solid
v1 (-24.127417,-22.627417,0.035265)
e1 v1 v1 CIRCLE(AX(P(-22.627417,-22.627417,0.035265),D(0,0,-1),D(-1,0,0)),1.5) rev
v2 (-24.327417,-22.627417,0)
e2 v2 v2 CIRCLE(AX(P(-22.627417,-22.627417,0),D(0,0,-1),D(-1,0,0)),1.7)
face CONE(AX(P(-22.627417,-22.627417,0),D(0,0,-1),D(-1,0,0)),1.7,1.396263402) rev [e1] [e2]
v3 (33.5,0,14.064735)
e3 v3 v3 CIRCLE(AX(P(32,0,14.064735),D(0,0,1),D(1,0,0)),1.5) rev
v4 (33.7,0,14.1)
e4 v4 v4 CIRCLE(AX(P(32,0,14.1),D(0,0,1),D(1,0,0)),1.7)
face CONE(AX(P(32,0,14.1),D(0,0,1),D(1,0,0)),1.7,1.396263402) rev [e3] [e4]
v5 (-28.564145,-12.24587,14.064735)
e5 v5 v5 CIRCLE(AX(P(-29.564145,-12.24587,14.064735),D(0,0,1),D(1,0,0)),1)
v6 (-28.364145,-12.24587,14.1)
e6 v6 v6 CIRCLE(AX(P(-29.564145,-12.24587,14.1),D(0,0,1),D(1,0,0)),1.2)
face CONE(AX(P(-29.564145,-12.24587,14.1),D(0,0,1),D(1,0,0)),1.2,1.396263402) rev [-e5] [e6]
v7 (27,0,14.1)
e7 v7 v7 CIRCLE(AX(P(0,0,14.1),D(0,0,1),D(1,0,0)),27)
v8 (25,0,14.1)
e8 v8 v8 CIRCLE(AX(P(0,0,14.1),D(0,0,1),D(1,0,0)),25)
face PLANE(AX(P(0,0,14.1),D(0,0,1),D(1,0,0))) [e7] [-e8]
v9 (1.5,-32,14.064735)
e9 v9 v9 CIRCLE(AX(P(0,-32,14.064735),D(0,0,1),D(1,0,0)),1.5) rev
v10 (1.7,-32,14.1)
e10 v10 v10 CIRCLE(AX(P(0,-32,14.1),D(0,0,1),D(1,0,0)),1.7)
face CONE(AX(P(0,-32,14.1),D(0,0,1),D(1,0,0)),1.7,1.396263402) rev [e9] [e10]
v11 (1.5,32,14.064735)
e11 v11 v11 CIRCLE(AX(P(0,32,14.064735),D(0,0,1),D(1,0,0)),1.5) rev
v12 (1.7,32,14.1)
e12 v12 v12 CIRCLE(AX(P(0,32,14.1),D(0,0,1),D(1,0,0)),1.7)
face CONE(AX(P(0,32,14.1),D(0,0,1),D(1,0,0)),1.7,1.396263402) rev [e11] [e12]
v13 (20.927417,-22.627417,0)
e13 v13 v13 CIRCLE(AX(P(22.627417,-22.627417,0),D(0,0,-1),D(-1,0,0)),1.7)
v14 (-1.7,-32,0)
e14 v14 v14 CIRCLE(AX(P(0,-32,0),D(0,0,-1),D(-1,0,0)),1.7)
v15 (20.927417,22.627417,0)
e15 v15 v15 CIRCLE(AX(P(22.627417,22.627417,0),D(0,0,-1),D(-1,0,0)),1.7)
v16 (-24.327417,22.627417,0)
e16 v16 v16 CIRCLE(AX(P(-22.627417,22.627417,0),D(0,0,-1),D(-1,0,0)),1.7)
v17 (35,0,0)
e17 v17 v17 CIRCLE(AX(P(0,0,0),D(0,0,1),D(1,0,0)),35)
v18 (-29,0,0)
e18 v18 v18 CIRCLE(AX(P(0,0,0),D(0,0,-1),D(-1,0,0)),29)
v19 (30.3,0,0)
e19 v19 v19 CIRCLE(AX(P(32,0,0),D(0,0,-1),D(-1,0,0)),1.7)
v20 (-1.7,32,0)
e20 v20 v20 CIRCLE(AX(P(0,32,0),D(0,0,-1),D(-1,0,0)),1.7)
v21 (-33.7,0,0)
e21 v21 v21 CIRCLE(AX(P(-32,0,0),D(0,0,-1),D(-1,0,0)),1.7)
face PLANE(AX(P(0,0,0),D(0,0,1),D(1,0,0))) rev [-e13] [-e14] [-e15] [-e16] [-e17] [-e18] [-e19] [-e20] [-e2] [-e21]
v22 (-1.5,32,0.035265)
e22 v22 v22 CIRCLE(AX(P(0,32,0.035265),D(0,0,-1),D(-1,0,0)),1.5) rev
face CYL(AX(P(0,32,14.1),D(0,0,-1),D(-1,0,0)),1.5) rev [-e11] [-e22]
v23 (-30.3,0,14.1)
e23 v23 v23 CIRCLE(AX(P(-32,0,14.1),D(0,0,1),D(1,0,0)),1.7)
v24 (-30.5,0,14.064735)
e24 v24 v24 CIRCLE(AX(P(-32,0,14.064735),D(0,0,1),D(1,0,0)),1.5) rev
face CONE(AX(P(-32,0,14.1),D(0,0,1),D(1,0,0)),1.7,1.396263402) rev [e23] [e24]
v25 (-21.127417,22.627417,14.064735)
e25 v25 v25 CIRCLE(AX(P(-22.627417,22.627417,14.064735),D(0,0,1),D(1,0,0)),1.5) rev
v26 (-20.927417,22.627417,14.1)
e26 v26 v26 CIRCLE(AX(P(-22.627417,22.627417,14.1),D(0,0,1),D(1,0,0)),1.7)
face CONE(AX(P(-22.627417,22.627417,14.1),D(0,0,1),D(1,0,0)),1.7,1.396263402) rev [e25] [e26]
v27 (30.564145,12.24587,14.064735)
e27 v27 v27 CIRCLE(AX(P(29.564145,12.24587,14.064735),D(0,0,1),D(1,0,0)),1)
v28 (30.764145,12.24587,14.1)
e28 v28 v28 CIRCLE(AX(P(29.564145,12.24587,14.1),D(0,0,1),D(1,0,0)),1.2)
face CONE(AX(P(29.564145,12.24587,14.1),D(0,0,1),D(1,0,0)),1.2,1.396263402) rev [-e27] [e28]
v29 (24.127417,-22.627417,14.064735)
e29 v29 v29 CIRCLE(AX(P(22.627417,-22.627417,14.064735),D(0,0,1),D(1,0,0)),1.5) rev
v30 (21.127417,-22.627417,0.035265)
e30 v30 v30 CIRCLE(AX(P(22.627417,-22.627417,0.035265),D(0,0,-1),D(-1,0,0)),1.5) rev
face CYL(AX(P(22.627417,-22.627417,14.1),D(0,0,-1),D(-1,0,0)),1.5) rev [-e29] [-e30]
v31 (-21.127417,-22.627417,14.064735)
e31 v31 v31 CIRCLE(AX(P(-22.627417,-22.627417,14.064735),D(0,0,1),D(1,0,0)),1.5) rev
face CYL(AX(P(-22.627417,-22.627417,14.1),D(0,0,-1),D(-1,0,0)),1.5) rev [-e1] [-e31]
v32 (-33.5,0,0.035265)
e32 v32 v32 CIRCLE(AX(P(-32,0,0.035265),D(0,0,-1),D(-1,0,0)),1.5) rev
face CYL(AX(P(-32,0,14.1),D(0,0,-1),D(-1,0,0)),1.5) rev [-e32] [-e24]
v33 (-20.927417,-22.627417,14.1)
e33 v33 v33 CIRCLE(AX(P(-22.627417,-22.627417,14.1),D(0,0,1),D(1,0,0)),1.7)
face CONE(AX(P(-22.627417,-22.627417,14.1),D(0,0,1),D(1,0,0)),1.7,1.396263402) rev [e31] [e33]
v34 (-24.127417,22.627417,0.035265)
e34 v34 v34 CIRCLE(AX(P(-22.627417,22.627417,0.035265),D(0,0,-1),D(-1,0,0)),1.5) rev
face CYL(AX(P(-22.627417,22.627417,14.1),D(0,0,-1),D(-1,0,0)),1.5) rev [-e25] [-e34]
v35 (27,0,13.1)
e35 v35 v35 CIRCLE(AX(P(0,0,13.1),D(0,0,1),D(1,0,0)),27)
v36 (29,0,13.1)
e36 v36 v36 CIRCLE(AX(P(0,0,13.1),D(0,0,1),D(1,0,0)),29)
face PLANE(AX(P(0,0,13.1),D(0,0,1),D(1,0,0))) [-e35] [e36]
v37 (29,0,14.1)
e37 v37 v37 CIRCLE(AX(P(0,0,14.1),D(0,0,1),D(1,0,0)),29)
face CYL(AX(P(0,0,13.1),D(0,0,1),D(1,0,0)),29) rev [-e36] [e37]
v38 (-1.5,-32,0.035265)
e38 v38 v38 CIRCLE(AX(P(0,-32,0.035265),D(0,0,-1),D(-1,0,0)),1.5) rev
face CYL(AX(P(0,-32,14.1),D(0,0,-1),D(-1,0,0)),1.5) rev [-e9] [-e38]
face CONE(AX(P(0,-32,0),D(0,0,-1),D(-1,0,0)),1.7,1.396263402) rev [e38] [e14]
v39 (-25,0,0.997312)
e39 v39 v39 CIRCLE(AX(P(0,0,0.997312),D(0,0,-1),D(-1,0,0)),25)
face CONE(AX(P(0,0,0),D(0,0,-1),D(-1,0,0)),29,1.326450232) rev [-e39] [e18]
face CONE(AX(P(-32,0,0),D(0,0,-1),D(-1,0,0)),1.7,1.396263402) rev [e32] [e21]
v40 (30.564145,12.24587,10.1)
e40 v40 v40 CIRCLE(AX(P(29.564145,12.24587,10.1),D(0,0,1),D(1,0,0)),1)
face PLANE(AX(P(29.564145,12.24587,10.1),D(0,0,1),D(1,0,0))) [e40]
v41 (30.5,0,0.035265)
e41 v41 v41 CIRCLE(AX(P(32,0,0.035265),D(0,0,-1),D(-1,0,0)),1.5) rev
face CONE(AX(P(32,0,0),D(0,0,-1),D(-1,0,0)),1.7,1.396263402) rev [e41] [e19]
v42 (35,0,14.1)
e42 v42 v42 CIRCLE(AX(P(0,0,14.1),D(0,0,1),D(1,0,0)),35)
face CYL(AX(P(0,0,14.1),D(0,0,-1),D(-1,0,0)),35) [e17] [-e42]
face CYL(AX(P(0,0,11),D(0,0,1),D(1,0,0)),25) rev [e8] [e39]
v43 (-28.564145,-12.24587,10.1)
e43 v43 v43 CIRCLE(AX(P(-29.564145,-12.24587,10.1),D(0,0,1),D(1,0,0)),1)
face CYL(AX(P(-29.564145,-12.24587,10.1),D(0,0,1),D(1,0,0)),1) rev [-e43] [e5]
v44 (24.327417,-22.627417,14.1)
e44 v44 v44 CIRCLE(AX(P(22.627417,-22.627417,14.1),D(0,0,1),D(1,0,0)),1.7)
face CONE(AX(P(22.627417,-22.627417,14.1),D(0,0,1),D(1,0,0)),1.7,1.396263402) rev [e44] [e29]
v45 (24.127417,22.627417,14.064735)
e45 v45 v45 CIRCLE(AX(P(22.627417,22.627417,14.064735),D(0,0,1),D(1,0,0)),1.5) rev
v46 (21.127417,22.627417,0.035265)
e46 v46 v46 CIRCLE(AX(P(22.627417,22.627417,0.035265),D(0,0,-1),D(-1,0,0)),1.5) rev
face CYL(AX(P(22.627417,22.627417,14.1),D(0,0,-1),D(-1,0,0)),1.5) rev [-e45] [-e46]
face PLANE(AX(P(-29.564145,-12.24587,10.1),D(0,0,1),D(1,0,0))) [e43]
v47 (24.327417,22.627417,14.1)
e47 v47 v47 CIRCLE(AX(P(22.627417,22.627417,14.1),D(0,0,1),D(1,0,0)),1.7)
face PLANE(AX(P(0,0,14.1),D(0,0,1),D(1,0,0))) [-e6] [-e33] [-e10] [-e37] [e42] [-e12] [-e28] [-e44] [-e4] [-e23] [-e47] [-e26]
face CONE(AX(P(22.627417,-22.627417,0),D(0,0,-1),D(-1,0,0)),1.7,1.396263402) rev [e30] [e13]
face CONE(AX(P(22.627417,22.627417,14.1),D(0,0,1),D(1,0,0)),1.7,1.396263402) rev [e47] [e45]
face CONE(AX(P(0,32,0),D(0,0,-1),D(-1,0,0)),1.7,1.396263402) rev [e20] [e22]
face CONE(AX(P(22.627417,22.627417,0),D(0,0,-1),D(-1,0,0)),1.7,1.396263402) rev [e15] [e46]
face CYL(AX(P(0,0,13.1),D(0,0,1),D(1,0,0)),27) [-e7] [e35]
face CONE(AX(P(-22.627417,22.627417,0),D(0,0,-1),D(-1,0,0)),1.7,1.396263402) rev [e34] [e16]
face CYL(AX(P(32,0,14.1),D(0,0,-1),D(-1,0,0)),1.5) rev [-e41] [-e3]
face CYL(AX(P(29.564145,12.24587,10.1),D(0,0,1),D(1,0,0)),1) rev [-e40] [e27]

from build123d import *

# Parameters (mm, degrees)
CROQUIS1_R              = 35
CROQUIS1_R_2            = 1.5
CROQUIS1_R_3            = 29
SALIENTE_EXTRUIR3_DEPTH = 14.1
CROQUIS4_R              = 29
CROQUIS4_R_2            = 25
SALIENTE_EXTRUIR4_DEPTH = 14.1
CROQUIS5_R              = 29
CORTAR_EXTRUIR1_DEPTH   = 1.1
CORTAR_EXTRUIR1_DRAFT   = -76
SALIENTE_EXTRUIR5_START = -3.1
CROQUIS6_R              = 29
CROQUIS6_R_2            = 25
SALIENTE_EXTRUIR5_DEPTH = 3.1
CROQUIS7_R              = 29
CROQUIS7_R_2            = 27
CORTAR_EXTRUIR2_DEPTH   = 1
CROQUIS11_R             = 1
CORTAR_EXTRUIR5_DEPTH   = 4


with BuildPart() as part:
    # Croquis1 → Saliente-Extruir3 (new body)
    with BuildSketch(Plane.XY):
        Circle(CROQUIS1_R)
        with Locations((0, 32)):
            Circle(CROQUIS1_R_2, mode=Mode.SUBTRACT)
        with Locations((22.627416998, 22.627416998)):
            Circle(CROQUIS1_R_2, mode=Mode.SUBTRACT)
        with Locations((32, 0)):
            Circle(CROQUIS1_R_2, mode=Mode.SUBTRACT)
        with Locations((22.627416998, -22.627416998)):
            Circle(CROQUIS1_R_2, mode=Mode.SUBTRACT)
        with Locations((0, -32)):
            Circle(CROQUIS1_R_2, mode=Mode.SUBTRACT)
        with Locations((-22.627416998, -22.627416998)):
            Circle(CROQUIS1_R_2, mode=Mode.SUBTRACT)
        with Locations((-32, 0)):
            Circle(CROQUIS1_R_2, mode=Mode.SUBTRACT)
        with Locations((-22.627416998, 22.627416998)):
            Circle(CROQUIS1_R_2, mode=Mode.SUBTRACT)
        Circle(CROQUIS1_R_3, mode=Mode.SUBTRACT)
    extrude(amount=SALIENTE_EXTRUIR3_DEPTH)



with BuildPart() as body_2:
    # Croquis4 → Saliente-Extruir4 (new body)
    with BuildSketch(Plane(origin=(0, 0, 0), x_dir=(-1, 0, 0), z_dir=(0, 0, -1))):
        with Locations(Location((0, 0, 0), (0, 0, 180))):
            Circle(CROQUIS4_R)
        Circle(CROQUIS4_R_2, mode=Mode.SUBTRACT)
    extrude(amount=-SALIENTE_EXTRUIR4_DEPTH)


with BuildPart() as cortar_extruir1_tool:
    # Croquis5 → Cortar-Extruir1 (with draft: the straight prism first)
    with BuildSketch(Plane(origin=(0, 0, 0), x_dir=(-1, 0, 0), z_dir=(0, 0, -1))):
        with Locations(Location((0, 0, 0), (0, 0, 180))):
            Circle(CROQUIS5_R)
    extrude(amount=-CORTAR_EXTRUIR1_DEPTH)
    # Cortar-Extruir1: the draft: its side faces are tilted about the plane it starts from
    cortar_extruir1_sides = [cortar_extruir1_tool.faces().sort_by_distance(p)[0] for p in [
        (-29, 0, 0.55),
    ]]
    draft(cortar_extruir1_sides, Plane(origin=(0, 0, 0), x_dir=(-1, 0, 0), z_dir=(0, 0, -1)), CORTAR_EXTRUIR1_DRAFT)


with BuildPart() as body_2_1:
    add(body_2.part)

    # Cortar-Extruir1: cut by cortar_extruir1_tool
    add(cortar_extruir1_tool.part, mode=Mode.SUBTRACT)


with BuildPart() as part_1:
    add(part.part)

    add(body_2_1.part)  # Saliente-Extruir5 merges body 2
    # Croquis6 → Saliente-Extruir5 (add)
    with BuildSketch(Plane.XY.offset(14.1).offset(SALIENTE_EXTRUIR5_START)):
        Circle(CROQUIS6_R)
        Circle(CROQUIS6_R_2, mode=Mode.SUBTRACT)
    extrude(amount=SALIENTE_EXTRUIR5_DEPTH)

    # Croquis7 → Cortar-Extruir2 (cut)
    with BuildSketch(Plane.XY.offset(14.1)):
        Circle(CROQUIS7_R)
        Circle(CROQUIS7_R_2, mode=Mode.SUBTRACT)
    extrude(amount=-CORTAR_EXTRUIR2_DEPTH, mode=Mode.SUBTRACT)

    # Cortar-Extruir3 cone 1 section (through the dimple's axis) → Cortar-Extruir3 (revolve, cut)
    with BuildSketch(Plane(origin=(0, 32, 0), x_dir=(0, 1, 0), z_dir=(1, 0, 0))):
        Polygon((0, 0), (1.7, 0), (0, 0.299755867), align=None)
    revolve(axis=Axis((0, 32, 0), (0, 0, 1)), mode=Mode.SUBTRACT)

    # Cortar-Extruir3 cone 2 section (through the dimple's axis) → Cortar-Extruir3 cone 2 (revolve, cut)
    with BuildSketch(Plane(origin=(-22.627416998, 22.627416998, 0), x_dir=(0, 1, 0), z_dir=(1, 0, 0))):
        Polygon((0, 0), (1.7, 0), (0, 0.299755867), align=None)
    revolve(axis=Axis((-22.627416998, 22.627416998, 0), (0, 0, 1)), mode=Mode.SUBTRACT)

    # Cortar-Extruir3 cone 3 section (through the dimple's axis) → Cortar-Extruir3 cone 3 (revolve, cut)
    with BuildSketch(Plane.YZ.offset(-32)):
        Polygon((0, 0), (1.7, 0), (0, 0.299755867), align=None)
    revolve(axis=Axis((-32, 0, 0), (0, 0, 1)), mode=Mode.SUBTRACT)

    # Cortar-Extruir3 cone 4 section (through the dimple's axis) → Cortar-Extruir3 cone 4 (revolve, cut)
    with BuildSketch(Plane(origin=(-22.627416998, -22.627416998, 0), x_dir=(0, 1, 0), z_dir=(1, 0, 0))):
        Polygon((0, 0), (1.7, 0), (0, 0.299755867), align=None)
    revolve(axis=Axis((-22.627416998, -22.627416998, 0), (0, 0, 1)), mode=Mode.SUBTRACT)

    # Cortar-Extruir3 cone 5 section (through the dimple's axis) → Cortar-Extruir3 cone 5 (revolve, cut)
    with BuildSketch(Plane(origin=(0, -32, 0), x_dir=(0, 1, 0), z_dir=(1, 0, 0))):
        Polygon((0, 0), (1.7, 0), (0, 0.299755867), align=None)
    revolve(axis=Axis((0, -32, 0), (0, 0, 1)), mode=Mode.SUBTRACT)

    # Cortar-Extruir3 cone 6 section (through the dimple's axis) → Cortar-Extruir3 cone 6 (revolve, cut)
    with BuildSketch(Plane(origin=(22.627416998, -22.627416998, 0), x_dir=(0, 1, 0), z_dir=(1, 0, 0))):
        Polygon((0, 0), (1.7, 0), (0, 0.299755867), align=None)
    revolve(axis=Axis((22.627416998, -22.627416998, 0), (0, 0, 1)), mode=Mode.SUBTRACT)

    # Cortar-Extruir3 cone 7 section (through the dimple's axis) → Cortar-Extruir3 cone 7 (revolve, cut)
    with BuildSketch(Plane.YZ.offset(32)):
        Polygon((0, 0), (1.7, 0), (0, 0.299755867), align=None)
    revolve(axis=Axis((32, 0, 0), (0, 0, 1)), mode=Mode.SUBTRACT)

    # Cortar-Extruir3 cone 8 section (through the dimple's axis) → Cortar-Extruir3 cone 8 (revolve, cut)
    with BuildSketch(Plane(origin=(22.627416998, 22.627416998, 0), x_dir=(0, 1, 0), z_dir=(1, 0, 0))):
        Polygon((0, 0), (1.7, 0), (0, 0.299755867), align=None)
    revolve(axis=Axis((22.627416998, 22.627416998, 0), (0, 0, 1)), mode=Mode.SUBTRACT)

    # Cortar-Extruir4 cone 1 section (through the dimple's axis) → Cortar-Extruir4 (revolve, cut)
    with BuildSketch(Plane(origin=(0, 32, 14.1), x_dir=(0, -1, 0), z_dir=(1, 0, 0))):
        Polygon((0, 0), (1.7, 0), (0, 0.299755867), align=None)
    revolve(axis=Axis((0, 32, 14.1), (0, 0, -1)), mode=Mode.SUBTRACT)

    # Cortar-Extruir4 cone 2 section (through the dimple's axis) → Cortar-Extruir4 cone 2 (revolve, cut)
    with BuildSketch(Plane(origin=(22.627416998, 22.627416998, 14.1), x_dir=(0, -1, 0), z_dir=(1, 0, 0))):
        Polygon((0, 0), (1.7, 0), (0, 0.299755867), align=None)
    revolve(axis=Axis((22.627416998, 22.627416998, 14.1), (0, 0, -1)), mode=Mode.SUBTRACT)

    # Cortar-Extruir4 cone 3 section (through the dimple's axis) → Cortar-Extruir4 cone 3 (revolve, cut)
    with BuildSketch(Plane(origin=(32, 0, 14.1), x_dir=(0, -1, 0), z_dir=(1, 0, 0))):
        Polygon((0, 0), (1.7, 0), (0, 0.299755867), align=None)
    revolve(axis=Axis((32, 0, 14.1), (0, 0, -1)), mode=Mode.SUBTRACT)

    # Cortar-Extruir4 cone 4 section (through the dimple's axis) → Cortar-Extruir4 cone 4 (revolve, cut)
    with BuildSketch(Plane(origin=(22.627416998, -22.627416998, 14.1), x_dir=(0, -1, 0), z_dir=(1, 0, 0))):
        Polygon((0, 0), (1.7, 0), (0, 0.299755867), align=None)
    revolve(axis=Axis((22.627416998, -22.627416998, 14.1), (0, 0, -1)), mode=Mode.SUBTRACT)

    # Cortar-Extruir4 cone 5 section (through the dimple's axis) → Cortar-Extruir4 cone 5 (revolve, cut)
    with BuildSketch(Plane(origin=(0, -32, 14.1), x_dir=(0, -1, 0), z_dir=(1, 0, 0))):
        Polygon((0, 0), (1.7, 0), (0, 0.299755867), align=None)
    revolve(axis=Axis((0, -32, 14.1), (0, 0, -1)), mode=Mode.SUBTRACT)

    # Cortar-Extruir4 cone 6 section (through the dimple's axis) → Cortar-Extruir4 cone 6 (revolve, cut)
    with BuildSketch(Plane(origin=(-22.627416998, -22.627416998, 14.1), x_dir=(0, -1, 0), z_dir=(1, 0, 0))):
        Polygon((0, 0), (1.7, 0), (0, 0.299755867), align=None)
    revolve(axis=Axis((-22.627416998, -22.627416998, 14.1), (0, 0, -1)), mode=Mode.SUBTRACT)

    # Cortar-Extruir4 cone 7 section (through the dimple's axis) → Cortar-Extruir4 cone 7 (revolve, cut)
    with BuildSketch(Plane(origin=(-32, 0, 14.1), x_dir=(0, -1, 0), z_dir=(1, 0, 0))):
        Polygon((0, 0), (1.7, 0), (0, 0.299755867), align=None)
    revolve(axis=Axis((-32, 0, 14.1), (0, 0, -1)), mode=Mode.SUBTRACT)

    # Cortar-Extruir4 cone 8 section (through the dimple's axis) → Cortar-Extruir4 cone 8 (revolve, cut)
    with BuildSketch(Plane(origin=(-22.627416998, 22.627416998, 14.1), x_dir=(0, -1, 0), z_dir=(1, 0, 0))):
        Polygon((0, 0), (1.7, 0), (0, 0.299755867), align=None)
    revolve(axis=Axis((-22.627416998, 22.627416998, 14.1), (0, 0, -1)), mode=Mode.SUBTRACT)

    # Croquis11 → Cortar-Extruir5 (cut)
    with BuildSketch(Plane.XY.offset(14.1)):
        with Locations((29.56414504, 12.245869836)):
            Circle(CROQUIS11_R)
        with Locations((-29.56414504, -12.245869836)):
            Circle(CROQUIS11_R)
    extrude(amount=-CORTAR_EXTRUIR5_DEPTH, mode=Mode.SUBTRACT)

    # Cortar-Extruir6 cone 1 section (through the dimple's axis) → Cortar-Extruir6 (revolve, cut)
    with BuildSketch(Plane(origin=(29.56414504, 12.245869836, 14.1), x_dir=(0, -1, 0), z_dir=(1, 0, 0))):
        Polygon((0, 0), (1.2, 0), (0, 0.211592377), align=None)
    revolve(axis=Axis((29.56414504, 12.245869836, 14.1), (0, 0, -1)), mode=Mode.SUBTRACT)

    # Cortar-Extruir6 cone 2 section (through the dimple's axis) → Cortar-Extruir6 cone 2 (revolve, cut)
    with BuildSketch(Plane(origin=(-29.56414504, -12.245869836, 14.1), x_dir=(0, -1, 0), z_dir=(1, 0, 0))):
        Polygon((0, 0), (1.2, 0), (0, 0.211592377), align=None)
    revolve(axis=Axis((-29.56414504, -12.245869836, 14.1), (0, 0, -1)), mode=Mode.SUBTRACT)


solid = part_1.part
